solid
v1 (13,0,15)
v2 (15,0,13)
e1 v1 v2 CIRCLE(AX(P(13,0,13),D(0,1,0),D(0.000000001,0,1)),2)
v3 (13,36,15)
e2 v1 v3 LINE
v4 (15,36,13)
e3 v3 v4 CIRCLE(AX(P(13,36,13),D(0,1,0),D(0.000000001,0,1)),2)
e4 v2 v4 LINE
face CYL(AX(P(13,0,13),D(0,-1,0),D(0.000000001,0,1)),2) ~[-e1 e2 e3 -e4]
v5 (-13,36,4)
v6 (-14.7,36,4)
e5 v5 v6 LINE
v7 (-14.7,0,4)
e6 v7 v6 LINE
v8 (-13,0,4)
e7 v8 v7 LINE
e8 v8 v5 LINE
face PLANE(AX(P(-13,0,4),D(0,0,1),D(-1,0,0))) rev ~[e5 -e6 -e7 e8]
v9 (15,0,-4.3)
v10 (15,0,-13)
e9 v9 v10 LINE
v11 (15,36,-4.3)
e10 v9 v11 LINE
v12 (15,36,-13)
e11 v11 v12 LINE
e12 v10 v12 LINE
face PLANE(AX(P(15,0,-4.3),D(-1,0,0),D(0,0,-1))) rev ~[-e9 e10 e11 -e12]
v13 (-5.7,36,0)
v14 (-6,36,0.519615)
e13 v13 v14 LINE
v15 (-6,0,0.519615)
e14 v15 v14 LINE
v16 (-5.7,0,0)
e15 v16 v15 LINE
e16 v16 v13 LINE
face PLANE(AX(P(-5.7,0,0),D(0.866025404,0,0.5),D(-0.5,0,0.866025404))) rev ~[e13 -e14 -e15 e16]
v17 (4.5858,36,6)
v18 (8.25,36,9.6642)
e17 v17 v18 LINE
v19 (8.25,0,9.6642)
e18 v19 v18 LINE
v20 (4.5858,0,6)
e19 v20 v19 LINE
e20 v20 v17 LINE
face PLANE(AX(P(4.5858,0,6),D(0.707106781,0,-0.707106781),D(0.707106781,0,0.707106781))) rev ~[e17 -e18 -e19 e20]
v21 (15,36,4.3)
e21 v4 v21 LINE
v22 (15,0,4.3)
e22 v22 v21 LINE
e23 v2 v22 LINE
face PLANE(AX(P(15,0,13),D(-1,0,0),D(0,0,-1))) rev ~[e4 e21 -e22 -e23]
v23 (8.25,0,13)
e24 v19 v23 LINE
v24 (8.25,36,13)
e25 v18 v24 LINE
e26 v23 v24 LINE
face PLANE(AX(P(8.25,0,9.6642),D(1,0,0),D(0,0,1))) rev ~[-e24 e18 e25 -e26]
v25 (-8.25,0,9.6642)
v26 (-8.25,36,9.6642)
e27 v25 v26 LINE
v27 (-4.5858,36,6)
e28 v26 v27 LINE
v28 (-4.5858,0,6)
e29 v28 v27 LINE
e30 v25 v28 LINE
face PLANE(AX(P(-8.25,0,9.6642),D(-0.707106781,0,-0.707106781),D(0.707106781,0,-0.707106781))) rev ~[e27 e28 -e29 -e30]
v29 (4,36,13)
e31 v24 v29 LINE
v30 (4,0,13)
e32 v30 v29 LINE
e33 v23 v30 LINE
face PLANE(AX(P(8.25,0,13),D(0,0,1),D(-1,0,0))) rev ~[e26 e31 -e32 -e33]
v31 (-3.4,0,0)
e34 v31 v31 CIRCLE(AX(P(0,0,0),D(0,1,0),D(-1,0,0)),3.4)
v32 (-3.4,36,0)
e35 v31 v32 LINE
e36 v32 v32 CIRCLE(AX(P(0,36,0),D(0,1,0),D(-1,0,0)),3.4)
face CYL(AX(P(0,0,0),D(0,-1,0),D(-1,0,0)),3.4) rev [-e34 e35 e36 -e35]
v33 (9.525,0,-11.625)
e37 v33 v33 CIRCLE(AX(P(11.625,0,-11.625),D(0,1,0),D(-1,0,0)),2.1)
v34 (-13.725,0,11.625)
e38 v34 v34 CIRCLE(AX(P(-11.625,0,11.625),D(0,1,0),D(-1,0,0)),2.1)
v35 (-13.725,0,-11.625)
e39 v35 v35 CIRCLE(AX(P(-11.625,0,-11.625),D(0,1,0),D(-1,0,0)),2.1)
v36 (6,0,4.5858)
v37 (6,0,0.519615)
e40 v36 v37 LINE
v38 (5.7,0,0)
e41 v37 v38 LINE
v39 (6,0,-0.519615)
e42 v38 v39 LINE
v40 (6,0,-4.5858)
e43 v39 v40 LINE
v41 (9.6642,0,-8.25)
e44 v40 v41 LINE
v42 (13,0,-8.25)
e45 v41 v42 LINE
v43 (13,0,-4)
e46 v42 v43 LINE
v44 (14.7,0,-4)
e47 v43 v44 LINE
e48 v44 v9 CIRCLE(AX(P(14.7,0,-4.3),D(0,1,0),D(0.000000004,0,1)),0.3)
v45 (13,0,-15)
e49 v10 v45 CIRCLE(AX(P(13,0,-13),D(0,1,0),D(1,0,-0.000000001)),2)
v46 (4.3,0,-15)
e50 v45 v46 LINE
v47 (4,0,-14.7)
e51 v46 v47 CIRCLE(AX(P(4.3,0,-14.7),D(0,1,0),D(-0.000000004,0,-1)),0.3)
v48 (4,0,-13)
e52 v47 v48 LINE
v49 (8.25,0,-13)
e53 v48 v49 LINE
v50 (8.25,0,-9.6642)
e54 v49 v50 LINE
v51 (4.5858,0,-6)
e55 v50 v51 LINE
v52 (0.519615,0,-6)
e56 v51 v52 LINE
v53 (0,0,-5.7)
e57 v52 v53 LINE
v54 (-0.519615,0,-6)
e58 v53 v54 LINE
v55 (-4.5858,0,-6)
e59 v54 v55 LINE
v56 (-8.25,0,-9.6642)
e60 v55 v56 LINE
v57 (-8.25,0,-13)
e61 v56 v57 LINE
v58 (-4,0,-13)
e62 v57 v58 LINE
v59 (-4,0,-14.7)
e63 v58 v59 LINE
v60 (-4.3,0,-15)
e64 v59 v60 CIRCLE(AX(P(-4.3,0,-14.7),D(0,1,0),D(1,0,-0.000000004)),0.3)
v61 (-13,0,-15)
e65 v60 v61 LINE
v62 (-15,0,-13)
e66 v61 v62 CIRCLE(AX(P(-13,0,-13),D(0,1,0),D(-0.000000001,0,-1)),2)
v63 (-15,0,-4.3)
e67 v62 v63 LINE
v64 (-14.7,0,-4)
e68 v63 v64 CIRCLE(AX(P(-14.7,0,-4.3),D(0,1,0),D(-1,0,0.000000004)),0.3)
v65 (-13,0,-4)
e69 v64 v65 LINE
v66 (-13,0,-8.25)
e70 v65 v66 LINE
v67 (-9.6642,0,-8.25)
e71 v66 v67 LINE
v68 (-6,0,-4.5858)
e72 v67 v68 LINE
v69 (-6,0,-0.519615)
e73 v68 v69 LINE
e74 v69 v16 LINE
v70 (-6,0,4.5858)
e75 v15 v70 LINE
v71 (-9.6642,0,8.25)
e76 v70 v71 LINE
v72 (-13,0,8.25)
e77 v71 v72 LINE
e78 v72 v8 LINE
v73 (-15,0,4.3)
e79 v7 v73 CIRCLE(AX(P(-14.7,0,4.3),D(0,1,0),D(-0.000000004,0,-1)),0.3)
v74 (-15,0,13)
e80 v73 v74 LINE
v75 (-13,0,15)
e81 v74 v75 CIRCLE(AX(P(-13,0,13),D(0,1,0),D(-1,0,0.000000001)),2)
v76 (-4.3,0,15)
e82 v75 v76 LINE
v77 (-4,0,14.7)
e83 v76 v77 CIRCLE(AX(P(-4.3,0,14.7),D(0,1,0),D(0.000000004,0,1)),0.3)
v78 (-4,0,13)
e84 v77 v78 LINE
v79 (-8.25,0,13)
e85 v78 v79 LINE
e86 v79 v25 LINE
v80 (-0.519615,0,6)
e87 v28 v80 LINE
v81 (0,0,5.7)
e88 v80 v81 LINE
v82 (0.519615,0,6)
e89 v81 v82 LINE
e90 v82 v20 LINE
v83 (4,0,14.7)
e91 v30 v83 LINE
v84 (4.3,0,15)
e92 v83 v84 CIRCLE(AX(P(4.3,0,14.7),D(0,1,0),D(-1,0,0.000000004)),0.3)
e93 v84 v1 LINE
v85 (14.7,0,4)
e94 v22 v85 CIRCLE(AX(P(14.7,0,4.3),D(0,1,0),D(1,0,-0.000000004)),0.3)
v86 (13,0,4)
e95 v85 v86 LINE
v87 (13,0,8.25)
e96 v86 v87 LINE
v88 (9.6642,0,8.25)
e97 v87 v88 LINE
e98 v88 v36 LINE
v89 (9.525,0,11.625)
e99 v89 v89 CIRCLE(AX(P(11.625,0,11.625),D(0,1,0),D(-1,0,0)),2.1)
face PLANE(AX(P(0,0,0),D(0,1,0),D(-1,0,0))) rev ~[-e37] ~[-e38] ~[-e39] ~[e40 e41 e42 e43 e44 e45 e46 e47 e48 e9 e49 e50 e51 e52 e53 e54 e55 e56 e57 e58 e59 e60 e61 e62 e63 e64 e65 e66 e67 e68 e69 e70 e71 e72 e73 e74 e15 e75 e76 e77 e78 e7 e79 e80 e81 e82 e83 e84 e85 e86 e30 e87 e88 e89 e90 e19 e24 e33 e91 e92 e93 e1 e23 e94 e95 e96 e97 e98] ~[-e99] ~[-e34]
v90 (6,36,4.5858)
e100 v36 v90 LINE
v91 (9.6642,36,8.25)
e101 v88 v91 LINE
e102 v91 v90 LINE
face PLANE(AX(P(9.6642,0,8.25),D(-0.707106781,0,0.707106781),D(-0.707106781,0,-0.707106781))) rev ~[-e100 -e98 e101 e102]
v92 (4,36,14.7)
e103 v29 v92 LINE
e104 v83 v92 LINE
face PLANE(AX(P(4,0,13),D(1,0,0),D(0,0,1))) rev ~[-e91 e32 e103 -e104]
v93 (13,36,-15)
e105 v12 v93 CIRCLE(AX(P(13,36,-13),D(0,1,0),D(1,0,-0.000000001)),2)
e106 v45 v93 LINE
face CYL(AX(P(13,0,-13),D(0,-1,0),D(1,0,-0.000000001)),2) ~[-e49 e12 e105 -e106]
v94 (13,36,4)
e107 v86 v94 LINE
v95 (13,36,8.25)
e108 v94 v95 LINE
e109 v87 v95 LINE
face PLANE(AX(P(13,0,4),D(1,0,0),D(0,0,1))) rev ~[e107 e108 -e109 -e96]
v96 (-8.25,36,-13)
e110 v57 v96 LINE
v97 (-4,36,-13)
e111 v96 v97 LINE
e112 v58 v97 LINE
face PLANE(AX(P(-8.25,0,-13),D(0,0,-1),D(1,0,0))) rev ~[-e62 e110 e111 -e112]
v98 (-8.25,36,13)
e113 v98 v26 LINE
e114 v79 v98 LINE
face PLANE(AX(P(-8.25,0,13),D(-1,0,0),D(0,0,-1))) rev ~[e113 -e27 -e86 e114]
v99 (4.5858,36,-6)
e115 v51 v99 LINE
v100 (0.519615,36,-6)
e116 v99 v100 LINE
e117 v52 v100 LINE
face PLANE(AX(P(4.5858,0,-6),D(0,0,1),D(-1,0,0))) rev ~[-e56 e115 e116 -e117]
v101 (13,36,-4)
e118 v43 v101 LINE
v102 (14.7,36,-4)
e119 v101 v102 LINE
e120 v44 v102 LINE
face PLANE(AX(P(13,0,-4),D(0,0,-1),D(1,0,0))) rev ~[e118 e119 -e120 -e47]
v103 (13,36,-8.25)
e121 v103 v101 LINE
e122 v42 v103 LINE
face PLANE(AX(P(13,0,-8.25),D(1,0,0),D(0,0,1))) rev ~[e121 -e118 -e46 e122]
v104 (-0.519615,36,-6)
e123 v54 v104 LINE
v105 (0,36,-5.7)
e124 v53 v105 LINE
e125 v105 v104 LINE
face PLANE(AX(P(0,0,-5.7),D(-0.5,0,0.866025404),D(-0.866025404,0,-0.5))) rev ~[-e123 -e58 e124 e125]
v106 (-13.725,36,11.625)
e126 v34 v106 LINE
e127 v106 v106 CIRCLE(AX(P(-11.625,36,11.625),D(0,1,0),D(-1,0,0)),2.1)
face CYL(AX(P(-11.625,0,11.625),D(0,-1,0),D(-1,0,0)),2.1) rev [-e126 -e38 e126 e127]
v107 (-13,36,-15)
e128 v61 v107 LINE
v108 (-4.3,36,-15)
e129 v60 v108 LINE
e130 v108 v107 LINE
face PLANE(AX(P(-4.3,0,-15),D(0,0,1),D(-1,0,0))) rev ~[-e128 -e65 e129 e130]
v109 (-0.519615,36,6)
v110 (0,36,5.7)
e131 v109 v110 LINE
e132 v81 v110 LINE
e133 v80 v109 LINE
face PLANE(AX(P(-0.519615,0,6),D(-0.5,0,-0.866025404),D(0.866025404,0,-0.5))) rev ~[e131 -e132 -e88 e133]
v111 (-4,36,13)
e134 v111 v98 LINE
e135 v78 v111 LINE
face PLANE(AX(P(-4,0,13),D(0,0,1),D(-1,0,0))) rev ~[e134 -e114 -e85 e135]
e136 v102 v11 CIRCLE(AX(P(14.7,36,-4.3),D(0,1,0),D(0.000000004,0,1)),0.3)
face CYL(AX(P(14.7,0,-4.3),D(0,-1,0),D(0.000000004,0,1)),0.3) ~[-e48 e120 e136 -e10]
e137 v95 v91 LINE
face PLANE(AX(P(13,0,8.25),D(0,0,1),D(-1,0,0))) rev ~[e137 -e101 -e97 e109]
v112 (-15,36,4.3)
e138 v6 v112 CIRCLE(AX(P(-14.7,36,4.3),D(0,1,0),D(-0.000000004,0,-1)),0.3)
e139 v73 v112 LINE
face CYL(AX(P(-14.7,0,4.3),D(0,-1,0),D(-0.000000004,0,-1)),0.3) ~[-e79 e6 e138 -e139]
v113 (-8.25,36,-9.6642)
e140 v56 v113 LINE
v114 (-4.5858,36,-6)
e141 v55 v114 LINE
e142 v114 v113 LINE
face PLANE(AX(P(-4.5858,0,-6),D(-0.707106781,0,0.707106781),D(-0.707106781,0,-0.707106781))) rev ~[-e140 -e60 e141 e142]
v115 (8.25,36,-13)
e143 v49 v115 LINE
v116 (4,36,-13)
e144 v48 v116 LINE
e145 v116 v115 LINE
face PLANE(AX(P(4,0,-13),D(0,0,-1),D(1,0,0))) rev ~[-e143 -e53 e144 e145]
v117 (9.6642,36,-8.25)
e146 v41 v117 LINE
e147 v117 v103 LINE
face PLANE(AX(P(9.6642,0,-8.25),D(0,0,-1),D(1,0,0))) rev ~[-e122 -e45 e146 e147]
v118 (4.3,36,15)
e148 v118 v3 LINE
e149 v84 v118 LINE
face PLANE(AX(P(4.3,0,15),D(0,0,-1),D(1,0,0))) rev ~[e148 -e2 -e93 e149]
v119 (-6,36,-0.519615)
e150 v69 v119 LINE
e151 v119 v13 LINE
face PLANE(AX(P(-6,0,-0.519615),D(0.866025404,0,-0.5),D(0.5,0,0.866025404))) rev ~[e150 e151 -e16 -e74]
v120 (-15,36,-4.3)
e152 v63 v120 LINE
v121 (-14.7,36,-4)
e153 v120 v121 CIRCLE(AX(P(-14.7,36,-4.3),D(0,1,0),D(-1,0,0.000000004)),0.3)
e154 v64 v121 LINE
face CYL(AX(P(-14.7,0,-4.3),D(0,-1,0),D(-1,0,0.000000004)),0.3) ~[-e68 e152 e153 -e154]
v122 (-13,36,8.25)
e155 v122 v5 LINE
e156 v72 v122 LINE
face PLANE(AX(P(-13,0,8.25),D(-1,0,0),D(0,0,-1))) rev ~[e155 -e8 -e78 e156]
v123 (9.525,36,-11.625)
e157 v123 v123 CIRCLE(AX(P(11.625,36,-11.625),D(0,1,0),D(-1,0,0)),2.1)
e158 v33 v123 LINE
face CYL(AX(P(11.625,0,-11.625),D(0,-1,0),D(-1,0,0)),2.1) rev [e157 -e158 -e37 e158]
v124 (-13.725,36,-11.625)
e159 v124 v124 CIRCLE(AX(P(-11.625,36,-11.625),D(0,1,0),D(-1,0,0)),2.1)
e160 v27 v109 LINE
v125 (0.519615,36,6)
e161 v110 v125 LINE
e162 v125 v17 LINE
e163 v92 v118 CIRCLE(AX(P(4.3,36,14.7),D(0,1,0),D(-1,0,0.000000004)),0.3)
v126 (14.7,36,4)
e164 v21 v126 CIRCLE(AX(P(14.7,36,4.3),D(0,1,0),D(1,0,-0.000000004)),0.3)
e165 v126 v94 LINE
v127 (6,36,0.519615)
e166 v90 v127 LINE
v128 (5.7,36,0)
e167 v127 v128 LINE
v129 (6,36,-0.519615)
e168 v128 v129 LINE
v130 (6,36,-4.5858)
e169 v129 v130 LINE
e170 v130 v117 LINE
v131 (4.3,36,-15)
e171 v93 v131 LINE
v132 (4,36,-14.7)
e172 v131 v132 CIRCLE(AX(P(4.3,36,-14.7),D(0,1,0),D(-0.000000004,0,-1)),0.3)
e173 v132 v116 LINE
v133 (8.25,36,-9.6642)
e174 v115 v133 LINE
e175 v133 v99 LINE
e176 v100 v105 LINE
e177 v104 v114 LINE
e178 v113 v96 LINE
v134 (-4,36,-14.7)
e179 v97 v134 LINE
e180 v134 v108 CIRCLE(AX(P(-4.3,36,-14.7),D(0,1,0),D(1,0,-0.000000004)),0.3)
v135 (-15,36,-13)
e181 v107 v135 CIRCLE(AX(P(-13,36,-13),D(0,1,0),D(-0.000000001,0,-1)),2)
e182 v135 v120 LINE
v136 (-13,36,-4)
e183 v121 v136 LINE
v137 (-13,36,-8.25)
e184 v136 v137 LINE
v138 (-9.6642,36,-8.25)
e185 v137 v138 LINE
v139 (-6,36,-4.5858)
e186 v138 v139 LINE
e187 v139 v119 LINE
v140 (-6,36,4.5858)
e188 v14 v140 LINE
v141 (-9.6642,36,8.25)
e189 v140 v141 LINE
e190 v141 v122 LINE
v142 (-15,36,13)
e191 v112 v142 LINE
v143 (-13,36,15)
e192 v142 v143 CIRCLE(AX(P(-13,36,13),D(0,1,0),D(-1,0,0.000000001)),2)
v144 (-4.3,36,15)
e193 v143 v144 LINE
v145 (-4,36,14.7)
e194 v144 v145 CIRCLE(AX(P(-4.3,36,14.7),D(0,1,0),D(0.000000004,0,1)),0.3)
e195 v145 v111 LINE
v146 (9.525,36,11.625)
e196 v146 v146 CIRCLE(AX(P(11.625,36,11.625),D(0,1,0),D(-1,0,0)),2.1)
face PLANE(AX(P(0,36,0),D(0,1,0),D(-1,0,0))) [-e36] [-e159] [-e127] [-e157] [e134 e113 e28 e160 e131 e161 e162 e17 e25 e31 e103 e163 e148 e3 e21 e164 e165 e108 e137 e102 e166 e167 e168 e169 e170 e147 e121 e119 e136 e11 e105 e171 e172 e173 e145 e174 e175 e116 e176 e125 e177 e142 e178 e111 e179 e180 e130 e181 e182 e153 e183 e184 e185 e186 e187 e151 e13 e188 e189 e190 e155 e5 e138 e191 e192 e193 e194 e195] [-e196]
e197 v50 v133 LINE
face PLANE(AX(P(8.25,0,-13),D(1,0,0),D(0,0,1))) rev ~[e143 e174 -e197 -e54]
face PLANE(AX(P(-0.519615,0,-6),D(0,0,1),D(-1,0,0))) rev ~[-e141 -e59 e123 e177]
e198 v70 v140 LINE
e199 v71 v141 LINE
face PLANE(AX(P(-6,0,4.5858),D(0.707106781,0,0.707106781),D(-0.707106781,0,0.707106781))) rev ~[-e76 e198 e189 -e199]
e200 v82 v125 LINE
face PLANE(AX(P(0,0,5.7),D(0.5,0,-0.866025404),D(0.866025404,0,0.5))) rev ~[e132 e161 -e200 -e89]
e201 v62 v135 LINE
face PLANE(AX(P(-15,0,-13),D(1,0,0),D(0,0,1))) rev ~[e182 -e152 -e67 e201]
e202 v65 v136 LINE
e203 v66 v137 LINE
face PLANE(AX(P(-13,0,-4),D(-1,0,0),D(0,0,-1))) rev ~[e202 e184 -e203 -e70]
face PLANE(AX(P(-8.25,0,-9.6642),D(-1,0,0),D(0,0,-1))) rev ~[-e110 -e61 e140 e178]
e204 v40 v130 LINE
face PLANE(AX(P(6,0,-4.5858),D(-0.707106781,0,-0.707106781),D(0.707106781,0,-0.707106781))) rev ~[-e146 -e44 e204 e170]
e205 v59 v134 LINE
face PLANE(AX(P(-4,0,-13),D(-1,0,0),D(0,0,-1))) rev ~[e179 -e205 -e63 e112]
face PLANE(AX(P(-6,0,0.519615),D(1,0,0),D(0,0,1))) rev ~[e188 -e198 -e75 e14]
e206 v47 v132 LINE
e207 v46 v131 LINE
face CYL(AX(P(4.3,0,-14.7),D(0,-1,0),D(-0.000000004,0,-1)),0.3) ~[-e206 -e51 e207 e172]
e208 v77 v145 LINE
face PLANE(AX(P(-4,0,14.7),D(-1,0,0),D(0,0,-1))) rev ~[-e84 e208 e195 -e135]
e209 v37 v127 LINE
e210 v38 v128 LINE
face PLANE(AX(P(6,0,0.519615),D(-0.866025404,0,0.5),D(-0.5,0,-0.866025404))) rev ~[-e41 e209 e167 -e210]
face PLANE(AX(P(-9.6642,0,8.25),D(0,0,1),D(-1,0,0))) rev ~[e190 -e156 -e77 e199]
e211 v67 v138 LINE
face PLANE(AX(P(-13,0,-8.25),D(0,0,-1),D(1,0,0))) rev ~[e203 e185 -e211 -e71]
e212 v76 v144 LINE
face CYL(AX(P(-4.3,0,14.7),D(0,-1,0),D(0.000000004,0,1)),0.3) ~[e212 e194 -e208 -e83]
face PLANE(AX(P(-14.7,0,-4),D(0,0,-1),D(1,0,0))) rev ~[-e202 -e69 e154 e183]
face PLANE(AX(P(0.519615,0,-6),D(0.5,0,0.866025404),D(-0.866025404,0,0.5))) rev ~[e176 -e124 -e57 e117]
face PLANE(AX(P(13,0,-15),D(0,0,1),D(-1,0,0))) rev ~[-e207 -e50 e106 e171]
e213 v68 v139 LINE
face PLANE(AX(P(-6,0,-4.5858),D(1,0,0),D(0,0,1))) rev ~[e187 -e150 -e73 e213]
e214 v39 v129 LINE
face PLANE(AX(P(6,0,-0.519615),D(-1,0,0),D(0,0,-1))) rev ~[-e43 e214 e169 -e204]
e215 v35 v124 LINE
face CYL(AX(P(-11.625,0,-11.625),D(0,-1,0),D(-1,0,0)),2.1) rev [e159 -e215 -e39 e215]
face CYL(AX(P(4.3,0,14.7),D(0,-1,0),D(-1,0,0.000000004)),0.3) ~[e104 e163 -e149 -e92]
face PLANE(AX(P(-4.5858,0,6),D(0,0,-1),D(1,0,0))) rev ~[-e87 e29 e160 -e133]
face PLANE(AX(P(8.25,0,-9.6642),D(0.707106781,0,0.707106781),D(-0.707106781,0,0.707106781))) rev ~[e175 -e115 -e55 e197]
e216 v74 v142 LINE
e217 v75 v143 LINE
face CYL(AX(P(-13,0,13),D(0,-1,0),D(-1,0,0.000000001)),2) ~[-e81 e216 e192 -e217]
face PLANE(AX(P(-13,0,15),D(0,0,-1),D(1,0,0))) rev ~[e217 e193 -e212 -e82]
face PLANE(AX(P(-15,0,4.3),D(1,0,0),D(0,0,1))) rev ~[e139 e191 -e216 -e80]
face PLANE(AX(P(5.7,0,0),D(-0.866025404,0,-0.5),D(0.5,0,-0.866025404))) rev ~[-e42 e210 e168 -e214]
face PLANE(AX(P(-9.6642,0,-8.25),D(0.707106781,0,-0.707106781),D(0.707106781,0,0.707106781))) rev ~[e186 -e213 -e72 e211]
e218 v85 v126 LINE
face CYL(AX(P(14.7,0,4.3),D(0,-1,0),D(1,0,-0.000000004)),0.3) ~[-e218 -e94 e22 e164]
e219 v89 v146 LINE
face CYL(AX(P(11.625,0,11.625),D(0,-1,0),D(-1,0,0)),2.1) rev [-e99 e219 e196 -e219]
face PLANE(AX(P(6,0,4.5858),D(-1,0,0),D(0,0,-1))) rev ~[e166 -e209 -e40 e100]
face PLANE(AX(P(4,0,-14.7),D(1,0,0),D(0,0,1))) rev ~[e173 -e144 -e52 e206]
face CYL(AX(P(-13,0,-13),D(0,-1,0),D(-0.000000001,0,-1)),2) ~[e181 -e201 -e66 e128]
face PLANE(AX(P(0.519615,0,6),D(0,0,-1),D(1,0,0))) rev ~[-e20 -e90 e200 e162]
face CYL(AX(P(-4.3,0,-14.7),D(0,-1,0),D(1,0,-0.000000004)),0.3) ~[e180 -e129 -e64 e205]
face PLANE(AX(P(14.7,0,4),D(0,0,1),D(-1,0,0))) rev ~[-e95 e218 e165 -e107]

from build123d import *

# Parameters (mm, degrees)
MODEL_R                  = 2.1
MODEL_R_2                = 3.4
STRUCTURAL_MEMBER1_DEPTH = 36


with BuildPart() as part:
    # Model → Structural Member1 (new body)
    with BuildSketch(Plane(origin=(0, 0, 0), x_dir=(-1, 0, 0), z_dir=(0, 1, 0))):
        with BuildLine():
            Line((-15, 13), (-15, 4.3))
            ThreePointArc((-15, 4.3), (-14.912132034, 4.087867966), (-14.7, 4))
            Line((-14.7, 4), (-13, 4))
            Line((-13, 4), (-13, 8.25))
            Line((-13, 8.25), (-9.6642, 8.25))
            Line((-9.6642, 8.25), (-6, 4.5858))
            Line((-6, 4.5858), (-6, 0.519615242))
            Line((-6, 0.519615242), (-5.7, 0))
            Line((-5.7, 0), (-6, -0.519615242))
            Line((-6, -0.519615242), (-6, -4.5858))
            Line((-6, -4.5858), (-9.6642, -8.25))
            Line((-9.6642, -8.25), (-13, -8.25))
            Line((-13, -8.25), (-13, -4))
            Line((-13, -4), (-14.7, -4))
            ThreePointArc((-14.7, -4), (-14.912132034, -4.087867966), (-15, -4.3))
            Line((-15, -4.3), (-15, -13))
            ThreePointArc((-15, -13), (-14.414213562, -14.414213562), (-13, -15))
            Line((-13, -15), (-4.3, -15))
            ThreePointArc((-4.3, -15), (-4.087867966, -14.912132034), (-4, -14.7))
            Line((-4, -14.7), (-4, -13))
            Line((-4, -13), (-8.25, -13))
            Line((-8.25, -13), (-8.25, -9.6642))
            Line((-8.25, -9.6642), (-4.5858, -6))
            Line((-4.5858, -6), (-0.519615242, -6))
            Line((-0.519615242, -6), (0, -5.7))
            Line((0, -5.7), (0.519615242, -6))
            Line((0.519615242, -6), (4.5858, -6))
            Line((4.5858, -6), (8.25, -9.6642))
            Line((8.25, -9.6642), (8.25, -13))
            Line((8.25, -13), (4, -13))
            Line((4, -13), (4, -14.7))
            ThreePointArc((4, -14.7), (4.087867966, -14.912132034), (4.3, -15))
            Line((4.3, -15), (13, -15))
            ThreePointArc((13, -15), (14.414213562, -14.414213562), (15, -13))
            Line((15, -13), (15, -4.3))
            ThreePointArc((15, -4.3), (14.912132034, -4.087867966), (14.7, -4))
            Line((14.7, -4), (13, -4))
            Line((13, -4), (13, -8.25))
            Line((13, -8.25), (9.6642, -8.25))
            Line((9.6642, -8.25), (6, -4.5858))
            Line((6, -4.5858), (6, -0.519615242))
            Line((6, -0.519615242), (5.7, 0))
            Line((5.7, 0), (6, 0.519615242))
            Line((6, 0.519615242), (6, 4.5858))
            Line((6, 4.5858), (9.6642, 8.25))
            Line((9.6642, 8.25), (13, 8.25))
            Line((13, 8.25), (13, 4))
            Line((13, 4), (14.7, 4))
            ThreePointArc((14.7, 4), (14.912132034, 4.087867966), (15, 4.3))
            Line((15, 4.3), (15, 13))
            ThreePointArc((15, 13), (14.414213562, 14.414213562), (13, 15))
            Line((13, 15), (4.3, 15))
            ThreePointArc((4.3, 15), (4.087867966, 14.912132034), (4, 14.7))
            Line((4, 14.7), (4, 13))
            Line((4, 13), (8.25, 13))
            Line((8.25, 13), (8.25, 9.6642))
            Line((8.25, 9.6642), (4.5858, 6))
            Line((4.5858, 6), (0.519615242, 6))
            Line((0.519615242, 6), (0, 5.7))
            Line((0, 5.7), (-0.519615242, 6))
            Line((-0.519615242, 6), (-4.5858, 6))
            Line((-4.5858, 6), (-8.25, 9.6642))
            Line((-8.25, 9.6642), (-8.25, 13))
            Line((-8.25, 13), (-4, 13))
            Line((-4, 13), (-4, 14.7))
            ThreePointArc((-4, 14.7), (-4.087867966, 14.912132034), (-4.3, 15))
            Line((-4.3, 15), (-13, 15))
            ThreePointArc((-13, 15), (-14.414213562, 14.414213562), (-15, 13))
        make_face()
        with Locations((11.625, -11.625)):
            Circle(MODEL_R, mode=Mode.SUBTRACT)
        with Locations((11.625, 11.625)):
            Circle(MODEL_R, mode=Mode.SUBTRACT)
        Circle(MODEL_R_2, mode=Mode.SUBTRACT)
        with Locations((-11.625, -11.625)):
            Circle(MODEL_R, mode=Mode.SUBTRACT)
        with Locations((-11.625, 11.625)):
            Circle(MODEL_R, mode=Mode.SUBTRACT)
    extrude(amount=STRUCTURAL_MEMBER1_DEPTH)


solid = part.part
